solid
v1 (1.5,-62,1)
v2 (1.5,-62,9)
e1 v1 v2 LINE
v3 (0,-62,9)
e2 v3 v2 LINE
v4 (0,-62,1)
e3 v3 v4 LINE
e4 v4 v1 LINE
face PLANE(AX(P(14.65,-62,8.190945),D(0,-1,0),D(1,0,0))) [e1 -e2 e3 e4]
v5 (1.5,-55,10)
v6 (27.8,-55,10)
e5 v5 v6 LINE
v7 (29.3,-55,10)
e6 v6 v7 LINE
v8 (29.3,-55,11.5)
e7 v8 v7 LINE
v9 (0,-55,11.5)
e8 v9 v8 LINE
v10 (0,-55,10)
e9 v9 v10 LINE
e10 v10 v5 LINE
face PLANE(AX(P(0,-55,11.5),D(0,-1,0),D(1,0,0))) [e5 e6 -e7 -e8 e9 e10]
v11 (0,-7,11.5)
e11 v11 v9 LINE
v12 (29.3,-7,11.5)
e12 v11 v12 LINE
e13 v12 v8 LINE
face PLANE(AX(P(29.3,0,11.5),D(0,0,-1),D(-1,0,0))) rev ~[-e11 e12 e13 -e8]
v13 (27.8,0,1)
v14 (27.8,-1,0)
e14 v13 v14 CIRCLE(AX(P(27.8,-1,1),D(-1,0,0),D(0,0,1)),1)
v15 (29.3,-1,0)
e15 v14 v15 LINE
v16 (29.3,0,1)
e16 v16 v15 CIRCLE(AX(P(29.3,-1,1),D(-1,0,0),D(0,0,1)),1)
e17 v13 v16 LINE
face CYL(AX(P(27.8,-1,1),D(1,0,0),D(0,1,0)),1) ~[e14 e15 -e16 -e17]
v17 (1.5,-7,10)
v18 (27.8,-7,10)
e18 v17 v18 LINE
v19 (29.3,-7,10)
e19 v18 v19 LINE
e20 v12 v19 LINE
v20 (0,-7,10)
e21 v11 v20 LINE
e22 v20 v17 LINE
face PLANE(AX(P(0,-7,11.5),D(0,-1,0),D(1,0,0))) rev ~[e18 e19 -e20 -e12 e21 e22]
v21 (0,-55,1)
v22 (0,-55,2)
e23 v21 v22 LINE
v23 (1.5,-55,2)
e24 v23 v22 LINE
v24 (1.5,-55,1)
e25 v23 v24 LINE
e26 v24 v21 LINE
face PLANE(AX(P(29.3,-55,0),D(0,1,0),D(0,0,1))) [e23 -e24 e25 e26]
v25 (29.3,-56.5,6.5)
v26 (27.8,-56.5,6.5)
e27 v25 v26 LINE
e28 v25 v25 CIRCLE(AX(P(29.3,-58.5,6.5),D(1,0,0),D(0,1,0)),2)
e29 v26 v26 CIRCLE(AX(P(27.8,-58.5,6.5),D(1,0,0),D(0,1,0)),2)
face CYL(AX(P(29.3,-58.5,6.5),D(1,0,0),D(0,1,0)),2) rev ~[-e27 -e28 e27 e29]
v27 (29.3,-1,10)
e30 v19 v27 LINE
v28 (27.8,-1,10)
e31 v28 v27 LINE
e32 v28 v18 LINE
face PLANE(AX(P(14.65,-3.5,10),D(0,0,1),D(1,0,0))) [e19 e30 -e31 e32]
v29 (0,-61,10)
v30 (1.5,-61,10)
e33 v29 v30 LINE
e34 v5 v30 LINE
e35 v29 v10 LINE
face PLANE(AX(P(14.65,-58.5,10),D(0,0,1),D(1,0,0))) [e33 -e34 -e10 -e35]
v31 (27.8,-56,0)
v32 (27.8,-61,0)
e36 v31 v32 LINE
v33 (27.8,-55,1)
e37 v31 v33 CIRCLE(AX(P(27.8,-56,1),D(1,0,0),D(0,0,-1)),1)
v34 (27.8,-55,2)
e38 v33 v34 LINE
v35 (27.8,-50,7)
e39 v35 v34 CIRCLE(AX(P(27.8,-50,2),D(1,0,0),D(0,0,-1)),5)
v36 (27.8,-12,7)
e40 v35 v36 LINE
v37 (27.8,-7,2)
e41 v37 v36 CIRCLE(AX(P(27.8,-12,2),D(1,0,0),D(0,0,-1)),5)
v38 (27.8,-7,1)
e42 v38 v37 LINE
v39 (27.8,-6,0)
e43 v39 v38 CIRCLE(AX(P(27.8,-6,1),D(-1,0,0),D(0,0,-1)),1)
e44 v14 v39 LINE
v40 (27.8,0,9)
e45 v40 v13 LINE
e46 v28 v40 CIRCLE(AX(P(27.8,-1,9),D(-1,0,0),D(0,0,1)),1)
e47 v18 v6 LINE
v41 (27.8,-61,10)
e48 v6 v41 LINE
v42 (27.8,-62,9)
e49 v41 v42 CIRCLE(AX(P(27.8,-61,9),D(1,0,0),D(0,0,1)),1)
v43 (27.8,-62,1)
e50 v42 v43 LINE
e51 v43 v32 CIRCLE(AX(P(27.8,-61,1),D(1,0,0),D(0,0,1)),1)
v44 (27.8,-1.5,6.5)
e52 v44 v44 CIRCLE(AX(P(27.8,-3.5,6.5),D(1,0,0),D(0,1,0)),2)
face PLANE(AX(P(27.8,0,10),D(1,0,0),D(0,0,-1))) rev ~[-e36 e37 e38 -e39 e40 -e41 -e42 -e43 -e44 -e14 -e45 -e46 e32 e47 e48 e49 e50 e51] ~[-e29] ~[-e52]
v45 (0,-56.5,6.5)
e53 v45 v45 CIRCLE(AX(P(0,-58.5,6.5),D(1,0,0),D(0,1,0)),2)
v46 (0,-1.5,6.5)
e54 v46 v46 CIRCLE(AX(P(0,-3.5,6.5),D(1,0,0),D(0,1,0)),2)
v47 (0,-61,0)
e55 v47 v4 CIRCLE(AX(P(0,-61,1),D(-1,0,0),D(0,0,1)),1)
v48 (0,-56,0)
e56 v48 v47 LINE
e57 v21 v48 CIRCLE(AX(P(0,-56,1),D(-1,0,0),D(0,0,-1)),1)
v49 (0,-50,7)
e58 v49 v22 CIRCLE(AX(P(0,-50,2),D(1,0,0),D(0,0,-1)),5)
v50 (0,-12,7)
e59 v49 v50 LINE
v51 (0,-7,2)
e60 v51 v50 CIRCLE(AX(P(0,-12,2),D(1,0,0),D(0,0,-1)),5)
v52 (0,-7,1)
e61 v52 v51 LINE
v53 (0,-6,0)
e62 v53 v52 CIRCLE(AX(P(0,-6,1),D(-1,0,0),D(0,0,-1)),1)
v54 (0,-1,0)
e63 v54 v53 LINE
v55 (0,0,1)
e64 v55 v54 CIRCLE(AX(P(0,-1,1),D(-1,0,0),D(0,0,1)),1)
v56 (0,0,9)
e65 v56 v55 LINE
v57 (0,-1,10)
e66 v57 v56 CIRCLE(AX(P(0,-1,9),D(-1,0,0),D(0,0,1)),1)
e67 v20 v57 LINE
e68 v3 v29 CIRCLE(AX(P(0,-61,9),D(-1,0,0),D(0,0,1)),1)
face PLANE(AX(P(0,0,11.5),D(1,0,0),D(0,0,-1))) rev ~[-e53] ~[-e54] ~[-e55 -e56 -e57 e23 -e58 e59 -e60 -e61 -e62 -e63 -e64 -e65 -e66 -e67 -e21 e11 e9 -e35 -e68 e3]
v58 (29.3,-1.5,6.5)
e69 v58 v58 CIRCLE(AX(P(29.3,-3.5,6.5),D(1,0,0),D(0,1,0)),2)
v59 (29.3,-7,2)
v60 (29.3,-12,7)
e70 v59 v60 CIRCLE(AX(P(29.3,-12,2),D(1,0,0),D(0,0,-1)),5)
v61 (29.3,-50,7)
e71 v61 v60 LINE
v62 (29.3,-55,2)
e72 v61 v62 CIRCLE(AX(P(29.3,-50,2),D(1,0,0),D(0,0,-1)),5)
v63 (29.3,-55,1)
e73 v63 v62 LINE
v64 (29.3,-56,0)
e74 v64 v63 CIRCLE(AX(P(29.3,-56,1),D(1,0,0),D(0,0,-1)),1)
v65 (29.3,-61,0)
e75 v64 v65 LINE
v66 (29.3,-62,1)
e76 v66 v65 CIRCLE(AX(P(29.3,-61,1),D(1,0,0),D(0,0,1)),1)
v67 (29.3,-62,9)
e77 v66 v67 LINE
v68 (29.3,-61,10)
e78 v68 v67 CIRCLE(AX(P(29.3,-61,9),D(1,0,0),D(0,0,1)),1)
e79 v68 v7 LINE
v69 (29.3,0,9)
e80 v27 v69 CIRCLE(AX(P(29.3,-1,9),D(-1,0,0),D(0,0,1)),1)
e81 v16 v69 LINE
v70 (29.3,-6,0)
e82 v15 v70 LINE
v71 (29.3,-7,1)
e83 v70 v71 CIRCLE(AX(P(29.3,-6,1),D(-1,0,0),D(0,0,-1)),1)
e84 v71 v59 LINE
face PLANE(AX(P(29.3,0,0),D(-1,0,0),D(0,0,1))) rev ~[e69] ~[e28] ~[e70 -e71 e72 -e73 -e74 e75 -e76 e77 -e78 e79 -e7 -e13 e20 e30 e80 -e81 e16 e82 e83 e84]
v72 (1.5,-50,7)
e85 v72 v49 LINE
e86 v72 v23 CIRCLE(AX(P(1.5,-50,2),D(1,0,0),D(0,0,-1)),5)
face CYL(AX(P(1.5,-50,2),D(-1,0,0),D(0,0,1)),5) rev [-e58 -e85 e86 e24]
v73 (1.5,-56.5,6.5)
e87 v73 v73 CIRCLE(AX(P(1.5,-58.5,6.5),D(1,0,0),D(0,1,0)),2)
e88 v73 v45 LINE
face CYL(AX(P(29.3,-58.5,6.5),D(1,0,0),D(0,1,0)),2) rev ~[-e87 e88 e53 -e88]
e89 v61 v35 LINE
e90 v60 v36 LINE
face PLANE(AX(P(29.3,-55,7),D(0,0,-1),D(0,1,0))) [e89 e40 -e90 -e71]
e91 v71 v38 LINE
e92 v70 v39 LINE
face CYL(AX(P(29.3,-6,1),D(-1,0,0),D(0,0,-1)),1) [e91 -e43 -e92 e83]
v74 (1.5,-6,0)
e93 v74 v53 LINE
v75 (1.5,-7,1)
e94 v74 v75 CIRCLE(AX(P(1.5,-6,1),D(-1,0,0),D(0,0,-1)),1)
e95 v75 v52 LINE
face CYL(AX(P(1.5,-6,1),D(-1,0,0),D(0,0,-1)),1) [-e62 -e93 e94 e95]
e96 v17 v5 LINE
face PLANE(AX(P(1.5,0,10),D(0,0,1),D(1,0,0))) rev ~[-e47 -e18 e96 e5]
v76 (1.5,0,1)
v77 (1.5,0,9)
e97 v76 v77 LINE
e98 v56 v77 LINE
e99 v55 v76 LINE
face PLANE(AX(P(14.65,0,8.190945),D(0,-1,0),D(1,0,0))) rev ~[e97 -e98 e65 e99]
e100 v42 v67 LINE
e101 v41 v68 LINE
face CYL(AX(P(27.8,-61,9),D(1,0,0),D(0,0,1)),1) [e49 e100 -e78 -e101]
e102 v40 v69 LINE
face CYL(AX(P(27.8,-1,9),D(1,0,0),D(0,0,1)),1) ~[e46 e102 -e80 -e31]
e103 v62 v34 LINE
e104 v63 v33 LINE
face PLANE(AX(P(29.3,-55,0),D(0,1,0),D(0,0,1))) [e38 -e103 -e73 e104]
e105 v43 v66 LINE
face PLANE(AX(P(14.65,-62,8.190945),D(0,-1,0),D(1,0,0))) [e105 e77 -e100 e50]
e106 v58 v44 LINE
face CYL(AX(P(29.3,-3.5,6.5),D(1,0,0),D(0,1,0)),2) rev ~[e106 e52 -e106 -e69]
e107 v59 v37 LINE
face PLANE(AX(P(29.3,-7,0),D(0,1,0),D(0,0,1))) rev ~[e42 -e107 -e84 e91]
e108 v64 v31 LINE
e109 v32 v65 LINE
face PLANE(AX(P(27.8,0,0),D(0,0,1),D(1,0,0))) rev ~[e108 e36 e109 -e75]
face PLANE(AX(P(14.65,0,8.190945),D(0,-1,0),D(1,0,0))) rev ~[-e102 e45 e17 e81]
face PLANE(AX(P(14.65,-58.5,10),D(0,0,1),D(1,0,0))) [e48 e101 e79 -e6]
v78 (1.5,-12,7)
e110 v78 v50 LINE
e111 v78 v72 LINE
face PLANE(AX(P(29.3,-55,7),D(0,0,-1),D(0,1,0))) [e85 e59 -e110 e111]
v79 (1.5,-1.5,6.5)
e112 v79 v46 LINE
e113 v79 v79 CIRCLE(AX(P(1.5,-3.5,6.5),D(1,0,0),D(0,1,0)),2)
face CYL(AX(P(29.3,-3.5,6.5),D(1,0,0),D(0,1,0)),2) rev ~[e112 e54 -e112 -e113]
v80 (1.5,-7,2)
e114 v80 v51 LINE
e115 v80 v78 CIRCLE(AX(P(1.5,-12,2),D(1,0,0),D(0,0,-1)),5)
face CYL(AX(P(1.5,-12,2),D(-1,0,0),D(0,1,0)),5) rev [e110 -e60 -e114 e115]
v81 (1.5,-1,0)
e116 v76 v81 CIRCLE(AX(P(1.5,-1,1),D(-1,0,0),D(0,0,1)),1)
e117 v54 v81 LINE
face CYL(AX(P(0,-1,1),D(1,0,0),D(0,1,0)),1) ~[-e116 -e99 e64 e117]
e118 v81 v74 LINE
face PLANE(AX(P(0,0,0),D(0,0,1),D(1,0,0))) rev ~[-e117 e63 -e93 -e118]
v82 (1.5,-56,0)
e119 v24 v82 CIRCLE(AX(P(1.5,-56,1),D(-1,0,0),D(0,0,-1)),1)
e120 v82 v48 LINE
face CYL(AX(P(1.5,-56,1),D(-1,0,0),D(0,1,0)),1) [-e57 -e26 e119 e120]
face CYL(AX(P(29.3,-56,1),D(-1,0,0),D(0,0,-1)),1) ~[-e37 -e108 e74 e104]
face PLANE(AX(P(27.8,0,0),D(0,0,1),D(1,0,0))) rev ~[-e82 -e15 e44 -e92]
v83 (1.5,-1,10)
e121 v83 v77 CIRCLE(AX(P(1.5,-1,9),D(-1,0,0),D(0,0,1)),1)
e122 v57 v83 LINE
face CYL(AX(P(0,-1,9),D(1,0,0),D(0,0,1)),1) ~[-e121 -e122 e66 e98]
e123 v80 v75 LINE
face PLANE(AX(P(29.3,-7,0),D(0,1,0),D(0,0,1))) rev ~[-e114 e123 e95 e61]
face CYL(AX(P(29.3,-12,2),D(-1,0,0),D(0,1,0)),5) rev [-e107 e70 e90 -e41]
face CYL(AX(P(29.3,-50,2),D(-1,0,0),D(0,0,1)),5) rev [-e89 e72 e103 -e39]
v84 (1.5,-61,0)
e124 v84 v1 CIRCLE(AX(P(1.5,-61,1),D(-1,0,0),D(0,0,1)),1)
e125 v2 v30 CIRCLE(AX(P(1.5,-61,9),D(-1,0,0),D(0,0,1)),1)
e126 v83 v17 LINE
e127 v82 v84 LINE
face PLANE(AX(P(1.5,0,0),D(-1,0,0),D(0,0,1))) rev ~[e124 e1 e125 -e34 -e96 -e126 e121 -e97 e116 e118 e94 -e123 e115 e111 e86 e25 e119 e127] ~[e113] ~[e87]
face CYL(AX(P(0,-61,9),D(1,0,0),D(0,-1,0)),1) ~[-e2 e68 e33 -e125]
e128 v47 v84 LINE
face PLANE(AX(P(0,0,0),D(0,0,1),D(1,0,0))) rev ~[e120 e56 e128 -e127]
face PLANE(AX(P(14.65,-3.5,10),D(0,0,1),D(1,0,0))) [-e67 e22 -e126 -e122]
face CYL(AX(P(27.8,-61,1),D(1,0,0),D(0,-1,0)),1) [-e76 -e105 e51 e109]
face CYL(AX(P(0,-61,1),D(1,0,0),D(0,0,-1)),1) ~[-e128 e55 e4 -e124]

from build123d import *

# Parameters (mm, degrees)
F1_DEPTH = 62
F2_R     = 2
F3_DEPTH = 29.301
F4_W     = 48
F4_H     = 7
F5_DEPTH = 29.301
F6_R     = 1
F7_R     = 5
F8_W     = 29.3
F8_H     = 7
F9_DEPTH = 1.5
F10_R    = 1


with BuildPart() as f1:
    # F0 (on Front) → F1 (new body)
    with BuildSketch(Plane.XZ):
        Polygon((0, 11.5), (0, 0), (1.5, 0), (1.5, 10), (27.8, 10), (27.8, 0), (29.3, 0), (29.3, 11.5), align=None)
    extrude(amount=F1_DEPTH)

    # F2 (on face) → F3 (cut, through all)
    with BuildSketch(Plane.YZ.offset(29.3)):
        with Locations((-58.5, 6.5)):
            Circle(F2_R)
        with Locations((-3.5, 6.5)):
            Circle(F2_R)
    extrude(amount=-F3_DEPTH, mode=Mode.SUBTRACT)

    # F4 (on face) → F5 (cut, through all)
    with BuildSketch(Plane.YZ.offset(29.3)):
        with Locations((-31, 3.5)):
            Rectangle(F4_W, F4_H)
    extrude(amount=-F5_DEPTH, mode=Mode.SUBTRACT)

    # F6
    f6_edges = [f1.edges().sort_by_distance(p)[0] for p in [
        (28.55, -62, 0),
        (0.75, -55, 0),
        (28.55, -55, 0),
        (0.75, -62, 0),
        (28.55, 0, 0),
        (0.75, -7, 0),
        (28.55, -7, 0),
        (0.75, 0, 0),
    ]]
    fillet(f6_edges, radius=F6_R)

    # F7
    f7_edges = [f1.edges().sort_by_distance(p)[0] for p in [
        (0.75, -7, 7),
        (28.55, -7, 7),
        (0.75, -55, 7),
        (28.55, -55, 7),
    ]]
    fillet(f7_edges, radius=F7_R)

    # F8 (on face) → F9 (cut)
    with BuildSketch(Plane.XY.offset(11.5)):
        with Locations((14.65, -58.5)):
            Rectangle(F8_W, F8_H)
        with Locations((14.65, -3.5)):
            Rectangle(F8_W, F8_H)
    extrude(amount=-F9_DEPTH, mode=Mode.SUBTRACT)

    # F10
    f10_edges = [f1.edges().sort_by_distance(p)[0] for p in [
        (0.75, -62, 10),
        (28.55, -62, 10),
        (0.75, 0, 10),
        (28.55, 0, 10),
    ]]
    fillet(f10_edges, radius=F10_R)


solid = f1.part
